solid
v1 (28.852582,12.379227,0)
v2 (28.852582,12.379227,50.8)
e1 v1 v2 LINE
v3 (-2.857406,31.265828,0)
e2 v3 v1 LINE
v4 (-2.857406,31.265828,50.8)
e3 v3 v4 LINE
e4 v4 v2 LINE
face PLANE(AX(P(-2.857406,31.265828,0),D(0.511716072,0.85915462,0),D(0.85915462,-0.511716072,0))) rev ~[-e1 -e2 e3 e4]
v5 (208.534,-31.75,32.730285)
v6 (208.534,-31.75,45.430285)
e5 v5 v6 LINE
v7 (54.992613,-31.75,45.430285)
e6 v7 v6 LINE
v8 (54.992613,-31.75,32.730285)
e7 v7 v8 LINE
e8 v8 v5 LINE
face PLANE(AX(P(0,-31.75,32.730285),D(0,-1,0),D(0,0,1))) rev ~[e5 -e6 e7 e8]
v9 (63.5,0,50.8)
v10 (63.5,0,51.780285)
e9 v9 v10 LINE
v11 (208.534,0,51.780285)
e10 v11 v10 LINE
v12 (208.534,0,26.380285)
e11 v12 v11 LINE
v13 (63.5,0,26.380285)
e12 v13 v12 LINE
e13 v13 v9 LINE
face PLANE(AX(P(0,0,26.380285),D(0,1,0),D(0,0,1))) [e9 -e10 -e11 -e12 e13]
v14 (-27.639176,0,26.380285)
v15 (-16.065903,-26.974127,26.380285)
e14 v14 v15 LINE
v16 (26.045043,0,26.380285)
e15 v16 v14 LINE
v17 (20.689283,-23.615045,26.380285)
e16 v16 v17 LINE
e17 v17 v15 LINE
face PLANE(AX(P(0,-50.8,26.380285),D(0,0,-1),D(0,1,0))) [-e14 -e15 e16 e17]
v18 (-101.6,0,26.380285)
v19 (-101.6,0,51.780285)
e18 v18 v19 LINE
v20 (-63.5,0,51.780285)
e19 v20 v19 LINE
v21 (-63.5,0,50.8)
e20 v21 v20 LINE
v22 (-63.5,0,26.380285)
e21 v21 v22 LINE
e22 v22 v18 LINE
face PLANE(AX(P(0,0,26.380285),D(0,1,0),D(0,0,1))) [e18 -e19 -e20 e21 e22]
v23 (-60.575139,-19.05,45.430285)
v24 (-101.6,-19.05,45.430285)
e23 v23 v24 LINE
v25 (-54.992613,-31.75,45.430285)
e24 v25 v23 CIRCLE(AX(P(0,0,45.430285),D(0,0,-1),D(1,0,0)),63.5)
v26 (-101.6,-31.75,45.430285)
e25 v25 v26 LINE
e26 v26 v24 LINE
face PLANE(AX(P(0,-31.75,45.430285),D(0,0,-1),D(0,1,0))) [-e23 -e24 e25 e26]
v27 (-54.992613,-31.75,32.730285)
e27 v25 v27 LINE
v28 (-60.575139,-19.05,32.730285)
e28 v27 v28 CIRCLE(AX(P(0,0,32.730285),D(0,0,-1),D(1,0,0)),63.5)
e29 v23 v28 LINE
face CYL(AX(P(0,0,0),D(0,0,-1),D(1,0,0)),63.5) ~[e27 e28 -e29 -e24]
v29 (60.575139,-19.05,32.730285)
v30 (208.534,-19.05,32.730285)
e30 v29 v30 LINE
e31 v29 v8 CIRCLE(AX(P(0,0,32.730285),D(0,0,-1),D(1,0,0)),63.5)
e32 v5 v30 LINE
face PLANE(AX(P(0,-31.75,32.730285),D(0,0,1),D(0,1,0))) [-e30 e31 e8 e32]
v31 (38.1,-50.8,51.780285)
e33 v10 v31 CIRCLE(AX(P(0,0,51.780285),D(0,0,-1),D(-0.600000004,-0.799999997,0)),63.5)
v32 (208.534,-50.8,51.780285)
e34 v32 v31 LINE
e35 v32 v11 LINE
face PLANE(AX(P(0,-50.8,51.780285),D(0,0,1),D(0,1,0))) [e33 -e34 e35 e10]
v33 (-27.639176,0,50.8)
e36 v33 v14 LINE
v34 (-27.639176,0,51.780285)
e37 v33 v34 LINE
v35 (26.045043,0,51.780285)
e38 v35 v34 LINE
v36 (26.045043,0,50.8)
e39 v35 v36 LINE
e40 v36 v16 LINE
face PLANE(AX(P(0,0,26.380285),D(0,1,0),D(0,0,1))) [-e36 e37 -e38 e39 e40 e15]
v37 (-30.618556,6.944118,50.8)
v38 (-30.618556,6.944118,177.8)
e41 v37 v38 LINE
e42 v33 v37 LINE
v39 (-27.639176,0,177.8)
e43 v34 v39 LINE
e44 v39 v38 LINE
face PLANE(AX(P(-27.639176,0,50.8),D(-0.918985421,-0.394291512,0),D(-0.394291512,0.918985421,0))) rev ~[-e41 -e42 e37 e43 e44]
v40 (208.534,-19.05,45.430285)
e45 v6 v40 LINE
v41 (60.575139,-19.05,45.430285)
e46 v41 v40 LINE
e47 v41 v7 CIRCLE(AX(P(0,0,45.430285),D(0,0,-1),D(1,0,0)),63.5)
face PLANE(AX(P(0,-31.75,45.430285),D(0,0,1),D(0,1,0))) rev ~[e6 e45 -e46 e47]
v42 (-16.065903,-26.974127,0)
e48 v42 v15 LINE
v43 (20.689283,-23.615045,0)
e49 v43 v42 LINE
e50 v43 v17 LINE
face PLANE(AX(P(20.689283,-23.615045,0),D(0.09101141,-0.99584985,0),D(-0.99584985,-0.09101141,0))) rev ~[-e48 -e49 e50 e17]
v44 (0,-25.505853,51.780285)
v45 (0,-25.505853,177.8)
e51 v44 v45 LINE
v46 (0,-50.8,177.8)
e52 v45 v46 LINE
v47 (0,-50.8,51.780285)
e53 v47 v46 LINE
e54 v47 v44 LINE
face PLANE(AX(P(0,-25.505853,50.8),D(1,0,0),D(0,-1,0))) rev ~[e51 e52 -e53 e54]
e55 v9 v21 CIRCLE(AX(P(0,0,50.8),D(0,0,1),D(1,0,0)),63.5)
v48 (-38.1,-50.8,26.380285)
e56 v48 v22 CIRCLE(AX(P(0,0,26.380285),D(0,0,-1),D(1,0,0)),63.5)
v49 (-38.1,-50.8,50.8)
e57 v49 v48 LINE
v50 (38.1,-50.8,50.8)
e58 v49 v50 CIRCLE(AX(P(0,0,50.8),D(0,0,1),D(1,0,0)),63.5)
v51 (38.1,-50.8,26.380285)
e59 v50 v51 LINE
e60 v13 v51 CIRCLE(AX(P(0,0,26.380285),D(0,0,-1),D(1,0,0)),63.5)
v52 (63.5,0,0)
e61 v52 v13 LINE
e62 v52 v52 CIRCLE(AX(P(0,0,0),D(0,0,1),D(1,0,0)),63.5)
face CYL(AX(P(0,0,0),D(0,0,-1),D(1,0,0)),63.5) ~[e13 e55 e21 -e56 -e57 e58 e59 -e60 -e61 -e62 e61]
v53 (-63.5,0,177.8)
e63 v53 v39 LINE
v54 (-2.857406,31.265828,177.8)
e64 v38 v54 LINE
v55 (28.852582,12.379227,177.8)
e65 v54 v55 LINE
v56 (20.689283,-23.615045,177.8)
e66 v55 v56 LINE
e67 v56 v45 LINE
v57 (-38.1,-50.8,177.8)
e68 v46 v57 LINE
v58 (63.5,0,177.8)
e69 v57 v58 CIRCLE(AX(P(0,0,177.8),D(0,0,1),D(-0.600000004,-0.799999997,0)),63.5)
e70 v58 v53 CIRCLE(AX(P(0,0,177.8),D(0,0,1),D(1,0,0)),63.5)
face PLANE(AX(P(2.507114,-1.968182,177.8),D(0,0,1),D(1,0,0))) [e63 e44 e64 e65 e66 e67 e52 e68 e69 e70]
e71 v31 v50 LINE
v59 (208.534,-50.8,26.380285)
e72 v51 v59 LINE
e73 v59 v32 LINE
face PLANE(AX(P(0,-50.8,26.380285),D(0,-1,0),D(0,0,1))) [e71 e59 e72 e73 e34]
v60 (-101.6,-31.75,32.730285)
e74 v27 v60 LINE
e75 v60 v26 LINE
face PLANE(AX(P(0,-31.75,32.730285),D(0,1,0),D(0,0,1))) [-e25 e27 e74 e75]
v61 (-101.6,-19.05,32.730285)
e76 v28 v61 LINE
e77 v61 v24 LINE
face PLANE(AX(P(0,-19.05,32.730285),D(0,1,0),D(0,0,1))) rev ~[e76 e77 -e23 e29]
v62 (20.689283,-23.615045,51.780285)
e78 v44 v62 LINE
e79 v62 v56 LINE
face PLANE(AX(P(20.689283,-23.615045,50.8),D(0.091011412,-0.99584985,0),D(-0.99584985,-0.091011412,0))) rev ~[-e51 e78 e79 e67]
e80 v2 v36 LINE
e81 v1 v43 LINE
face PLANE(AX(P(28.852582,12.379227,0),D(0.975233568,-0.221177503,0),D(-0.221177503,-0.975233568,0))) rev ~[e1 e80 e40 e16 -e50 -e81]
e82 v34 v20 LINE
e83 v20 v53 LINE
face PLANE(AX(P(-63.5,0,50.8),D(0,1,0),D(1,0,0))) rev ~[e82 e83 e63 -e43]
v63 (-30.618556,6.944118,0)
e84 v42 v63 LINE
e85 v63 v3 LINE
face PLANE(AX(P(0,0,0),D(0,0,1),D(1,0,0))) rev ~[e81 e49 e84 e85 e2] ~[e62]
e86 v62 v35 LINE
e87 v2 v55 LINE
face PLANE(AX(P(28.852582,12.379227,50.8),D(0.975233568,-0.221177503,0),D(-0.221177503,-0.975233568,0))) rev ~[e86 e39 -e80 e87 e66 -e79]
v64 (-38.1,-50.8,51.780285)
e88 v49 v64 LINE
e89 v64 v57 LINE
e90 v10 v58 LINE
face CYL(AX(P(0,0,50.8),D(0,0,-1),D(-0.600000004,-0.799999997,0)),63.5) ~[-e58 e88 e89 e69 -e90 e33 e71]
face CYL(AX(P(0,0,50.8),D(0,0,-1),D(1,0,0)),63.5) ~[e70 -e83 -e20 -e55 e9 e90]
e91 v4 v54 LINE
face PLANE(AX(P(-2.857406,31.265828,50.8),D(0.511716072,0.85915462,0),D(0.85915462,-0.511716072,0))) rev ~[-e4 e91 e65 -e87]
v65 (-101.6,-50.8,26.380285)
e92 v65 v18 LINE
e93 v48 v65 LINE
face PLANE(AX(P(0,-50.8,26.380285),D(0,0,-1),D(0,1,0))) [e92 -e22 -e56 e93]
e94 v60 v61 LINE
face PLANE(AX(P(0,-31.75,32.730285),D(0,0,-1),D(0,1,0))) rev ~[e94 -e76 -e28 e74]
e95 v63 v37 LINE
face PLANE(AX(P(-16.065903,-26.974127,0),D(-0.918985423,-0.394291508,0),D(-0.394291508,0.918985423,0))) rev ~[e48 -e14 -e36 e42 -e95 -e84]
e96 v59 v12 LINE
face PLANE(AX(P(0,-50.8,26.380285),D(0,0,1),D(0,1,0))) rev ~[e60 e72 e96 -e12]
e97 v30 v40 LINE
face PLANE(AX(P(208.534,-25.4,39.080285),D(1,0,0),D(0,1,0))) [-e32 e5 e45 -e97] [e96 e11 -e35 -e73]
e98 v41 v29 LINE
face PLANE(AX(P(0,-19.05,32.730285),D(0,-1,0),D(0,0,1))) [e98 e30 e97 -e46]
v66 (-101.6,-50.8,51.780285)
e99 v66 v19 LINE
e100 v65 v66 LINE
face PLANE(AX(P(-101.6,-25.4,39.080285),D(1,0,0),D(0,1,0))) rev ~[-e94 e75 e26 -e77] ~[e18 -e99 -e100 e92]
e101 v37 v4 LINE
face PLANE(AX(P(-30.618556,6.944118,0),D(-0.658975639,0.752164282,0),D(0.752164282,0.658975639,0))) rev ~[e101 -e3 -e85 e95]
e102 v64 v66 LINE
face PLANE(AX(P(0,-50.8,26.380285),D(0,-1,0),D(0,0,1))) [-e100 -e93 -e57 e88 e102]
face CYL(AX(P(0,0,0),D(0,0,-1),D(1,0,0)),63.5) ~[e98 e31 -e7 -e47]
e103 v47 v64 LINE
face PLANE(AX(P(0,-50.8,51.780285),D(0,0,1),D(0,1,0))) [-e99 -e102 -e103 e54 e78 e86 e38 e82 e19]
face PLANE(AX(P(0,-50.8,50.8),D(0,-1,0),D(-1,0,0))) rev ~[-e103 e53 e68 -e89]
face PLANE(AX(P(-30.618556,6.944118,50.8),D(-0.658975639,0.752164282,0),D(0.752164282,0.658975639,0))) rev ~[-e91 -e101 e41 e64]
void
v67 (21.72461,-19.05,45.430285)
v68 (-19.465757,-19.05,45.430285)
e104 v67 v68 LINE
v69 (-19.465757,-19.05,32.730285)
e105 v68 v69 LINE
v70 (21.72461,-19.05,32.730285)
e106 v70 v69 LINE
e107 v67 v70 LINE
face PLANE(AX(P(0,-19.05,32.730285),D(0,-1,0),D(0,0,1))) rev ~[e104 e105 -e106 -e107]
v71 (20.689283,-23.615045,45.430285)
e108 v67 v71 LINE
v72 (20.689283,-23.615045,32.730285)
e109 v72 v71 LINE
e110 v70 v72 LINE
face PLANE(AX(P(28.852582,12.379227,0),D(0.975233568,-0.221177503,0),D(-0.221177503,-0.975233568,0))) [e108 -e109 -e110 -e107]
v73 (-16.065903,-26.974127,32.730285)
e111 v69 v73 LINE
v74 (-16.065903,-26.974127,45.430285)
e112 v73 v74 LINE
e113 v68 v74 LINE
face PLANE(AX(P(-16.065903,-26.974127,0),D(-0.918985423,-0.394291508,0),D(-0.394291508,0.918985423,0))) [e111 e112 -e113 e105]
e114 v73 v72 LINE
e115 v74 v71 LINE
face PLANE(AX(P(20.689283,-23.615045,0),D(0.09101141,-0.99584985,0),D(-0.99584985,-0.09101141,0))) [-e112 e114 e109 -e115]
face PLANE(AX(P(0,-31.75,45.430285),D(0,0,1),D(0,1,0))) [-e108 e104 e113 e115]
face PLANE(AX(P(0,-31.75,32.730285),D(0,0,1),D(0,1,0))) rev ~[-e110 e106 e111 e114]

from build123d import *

# Parameters (mm, degrees)
F0_R     = 63.5
F1_DEPTH = 50.8
F2_W     = 50.8
F2_H     = 25.4
F2_W_2   = 12.7
F2_H_2   = 12.7
F3_DEPTH = 101.6
F5_DEPTH = 208.534
F6_DEPTH = 127


with BuildPart() as f1:
    # F0 (on Top) → F1 (new body)
    with BuildSketch(Plane.XY):
        Circle(F0_R)
        Polygon((-16.065903, -26.974127), (-30.618556, 6.944118), (-2.857406, 31.265828), (28.852582, 12.379227), (20.689283, -23.615045), align=None, mode=Mode.SUBTRACT)
    extrude(amount=F1_DEPTH)

    # F2 (on Right) → F3 (join)
    with BuildSketch(Plane.YZ):
        with Locations((-25.4, 39.080285)):
            Rectangle(F2_W, F2_H)
        with Locations((-25.4, 39.080285)):
            Rectangle(F2_W_2, F2_H_2, mode=Mode.SUBTRACT)
    extrude(amount=-F3_DEPTH)

    # F2 (on Right) → F5 (join)
    with BuildSketch(Plane.YZ):
        with Locations((-25.4, 39.080285)):
            Rectangle(F2_W, F2_H)
        with Locations((-25.4, 39.080285)):
            Rectangle(F2_W_2, F2_H_2, mode=Mode.SUBTRACT)
    extrude(amount=F5_DEPTH)

    # F4 (on face) → F6 (join)
    with BuildSketch(Plane.XY.offset(50.8)):
        with BuildLine():
            Line((0, -50.8), (-38.1, -50.8))
            ThreePointArc((-38.1, -50.8), (28.398063, -56.796127), (63.5, 0))
            ThreePointArc((63.5, 0), (0, 63.5), (-63.5, 0))
            Line((-63.5, 0), (-27.639176, 0))
            Line((-27.639176, 0), (-30.618556, 6.944118))
            Line((-30.618556, 6.944118), (-2.857406, 31.265828))
            Line((-2.857406, 31.265828), (28.852582, 12.379227))
            Line((28.852582, 12.379227), (20.689283, -23.615045))
            Line((20.689283, -23.615045), (0, -25.505853))
            Line((0, -25.505853), (0, -50.8))
        make_face()
    extrude(amount=F6_DEPTH)


solid = f1.part
